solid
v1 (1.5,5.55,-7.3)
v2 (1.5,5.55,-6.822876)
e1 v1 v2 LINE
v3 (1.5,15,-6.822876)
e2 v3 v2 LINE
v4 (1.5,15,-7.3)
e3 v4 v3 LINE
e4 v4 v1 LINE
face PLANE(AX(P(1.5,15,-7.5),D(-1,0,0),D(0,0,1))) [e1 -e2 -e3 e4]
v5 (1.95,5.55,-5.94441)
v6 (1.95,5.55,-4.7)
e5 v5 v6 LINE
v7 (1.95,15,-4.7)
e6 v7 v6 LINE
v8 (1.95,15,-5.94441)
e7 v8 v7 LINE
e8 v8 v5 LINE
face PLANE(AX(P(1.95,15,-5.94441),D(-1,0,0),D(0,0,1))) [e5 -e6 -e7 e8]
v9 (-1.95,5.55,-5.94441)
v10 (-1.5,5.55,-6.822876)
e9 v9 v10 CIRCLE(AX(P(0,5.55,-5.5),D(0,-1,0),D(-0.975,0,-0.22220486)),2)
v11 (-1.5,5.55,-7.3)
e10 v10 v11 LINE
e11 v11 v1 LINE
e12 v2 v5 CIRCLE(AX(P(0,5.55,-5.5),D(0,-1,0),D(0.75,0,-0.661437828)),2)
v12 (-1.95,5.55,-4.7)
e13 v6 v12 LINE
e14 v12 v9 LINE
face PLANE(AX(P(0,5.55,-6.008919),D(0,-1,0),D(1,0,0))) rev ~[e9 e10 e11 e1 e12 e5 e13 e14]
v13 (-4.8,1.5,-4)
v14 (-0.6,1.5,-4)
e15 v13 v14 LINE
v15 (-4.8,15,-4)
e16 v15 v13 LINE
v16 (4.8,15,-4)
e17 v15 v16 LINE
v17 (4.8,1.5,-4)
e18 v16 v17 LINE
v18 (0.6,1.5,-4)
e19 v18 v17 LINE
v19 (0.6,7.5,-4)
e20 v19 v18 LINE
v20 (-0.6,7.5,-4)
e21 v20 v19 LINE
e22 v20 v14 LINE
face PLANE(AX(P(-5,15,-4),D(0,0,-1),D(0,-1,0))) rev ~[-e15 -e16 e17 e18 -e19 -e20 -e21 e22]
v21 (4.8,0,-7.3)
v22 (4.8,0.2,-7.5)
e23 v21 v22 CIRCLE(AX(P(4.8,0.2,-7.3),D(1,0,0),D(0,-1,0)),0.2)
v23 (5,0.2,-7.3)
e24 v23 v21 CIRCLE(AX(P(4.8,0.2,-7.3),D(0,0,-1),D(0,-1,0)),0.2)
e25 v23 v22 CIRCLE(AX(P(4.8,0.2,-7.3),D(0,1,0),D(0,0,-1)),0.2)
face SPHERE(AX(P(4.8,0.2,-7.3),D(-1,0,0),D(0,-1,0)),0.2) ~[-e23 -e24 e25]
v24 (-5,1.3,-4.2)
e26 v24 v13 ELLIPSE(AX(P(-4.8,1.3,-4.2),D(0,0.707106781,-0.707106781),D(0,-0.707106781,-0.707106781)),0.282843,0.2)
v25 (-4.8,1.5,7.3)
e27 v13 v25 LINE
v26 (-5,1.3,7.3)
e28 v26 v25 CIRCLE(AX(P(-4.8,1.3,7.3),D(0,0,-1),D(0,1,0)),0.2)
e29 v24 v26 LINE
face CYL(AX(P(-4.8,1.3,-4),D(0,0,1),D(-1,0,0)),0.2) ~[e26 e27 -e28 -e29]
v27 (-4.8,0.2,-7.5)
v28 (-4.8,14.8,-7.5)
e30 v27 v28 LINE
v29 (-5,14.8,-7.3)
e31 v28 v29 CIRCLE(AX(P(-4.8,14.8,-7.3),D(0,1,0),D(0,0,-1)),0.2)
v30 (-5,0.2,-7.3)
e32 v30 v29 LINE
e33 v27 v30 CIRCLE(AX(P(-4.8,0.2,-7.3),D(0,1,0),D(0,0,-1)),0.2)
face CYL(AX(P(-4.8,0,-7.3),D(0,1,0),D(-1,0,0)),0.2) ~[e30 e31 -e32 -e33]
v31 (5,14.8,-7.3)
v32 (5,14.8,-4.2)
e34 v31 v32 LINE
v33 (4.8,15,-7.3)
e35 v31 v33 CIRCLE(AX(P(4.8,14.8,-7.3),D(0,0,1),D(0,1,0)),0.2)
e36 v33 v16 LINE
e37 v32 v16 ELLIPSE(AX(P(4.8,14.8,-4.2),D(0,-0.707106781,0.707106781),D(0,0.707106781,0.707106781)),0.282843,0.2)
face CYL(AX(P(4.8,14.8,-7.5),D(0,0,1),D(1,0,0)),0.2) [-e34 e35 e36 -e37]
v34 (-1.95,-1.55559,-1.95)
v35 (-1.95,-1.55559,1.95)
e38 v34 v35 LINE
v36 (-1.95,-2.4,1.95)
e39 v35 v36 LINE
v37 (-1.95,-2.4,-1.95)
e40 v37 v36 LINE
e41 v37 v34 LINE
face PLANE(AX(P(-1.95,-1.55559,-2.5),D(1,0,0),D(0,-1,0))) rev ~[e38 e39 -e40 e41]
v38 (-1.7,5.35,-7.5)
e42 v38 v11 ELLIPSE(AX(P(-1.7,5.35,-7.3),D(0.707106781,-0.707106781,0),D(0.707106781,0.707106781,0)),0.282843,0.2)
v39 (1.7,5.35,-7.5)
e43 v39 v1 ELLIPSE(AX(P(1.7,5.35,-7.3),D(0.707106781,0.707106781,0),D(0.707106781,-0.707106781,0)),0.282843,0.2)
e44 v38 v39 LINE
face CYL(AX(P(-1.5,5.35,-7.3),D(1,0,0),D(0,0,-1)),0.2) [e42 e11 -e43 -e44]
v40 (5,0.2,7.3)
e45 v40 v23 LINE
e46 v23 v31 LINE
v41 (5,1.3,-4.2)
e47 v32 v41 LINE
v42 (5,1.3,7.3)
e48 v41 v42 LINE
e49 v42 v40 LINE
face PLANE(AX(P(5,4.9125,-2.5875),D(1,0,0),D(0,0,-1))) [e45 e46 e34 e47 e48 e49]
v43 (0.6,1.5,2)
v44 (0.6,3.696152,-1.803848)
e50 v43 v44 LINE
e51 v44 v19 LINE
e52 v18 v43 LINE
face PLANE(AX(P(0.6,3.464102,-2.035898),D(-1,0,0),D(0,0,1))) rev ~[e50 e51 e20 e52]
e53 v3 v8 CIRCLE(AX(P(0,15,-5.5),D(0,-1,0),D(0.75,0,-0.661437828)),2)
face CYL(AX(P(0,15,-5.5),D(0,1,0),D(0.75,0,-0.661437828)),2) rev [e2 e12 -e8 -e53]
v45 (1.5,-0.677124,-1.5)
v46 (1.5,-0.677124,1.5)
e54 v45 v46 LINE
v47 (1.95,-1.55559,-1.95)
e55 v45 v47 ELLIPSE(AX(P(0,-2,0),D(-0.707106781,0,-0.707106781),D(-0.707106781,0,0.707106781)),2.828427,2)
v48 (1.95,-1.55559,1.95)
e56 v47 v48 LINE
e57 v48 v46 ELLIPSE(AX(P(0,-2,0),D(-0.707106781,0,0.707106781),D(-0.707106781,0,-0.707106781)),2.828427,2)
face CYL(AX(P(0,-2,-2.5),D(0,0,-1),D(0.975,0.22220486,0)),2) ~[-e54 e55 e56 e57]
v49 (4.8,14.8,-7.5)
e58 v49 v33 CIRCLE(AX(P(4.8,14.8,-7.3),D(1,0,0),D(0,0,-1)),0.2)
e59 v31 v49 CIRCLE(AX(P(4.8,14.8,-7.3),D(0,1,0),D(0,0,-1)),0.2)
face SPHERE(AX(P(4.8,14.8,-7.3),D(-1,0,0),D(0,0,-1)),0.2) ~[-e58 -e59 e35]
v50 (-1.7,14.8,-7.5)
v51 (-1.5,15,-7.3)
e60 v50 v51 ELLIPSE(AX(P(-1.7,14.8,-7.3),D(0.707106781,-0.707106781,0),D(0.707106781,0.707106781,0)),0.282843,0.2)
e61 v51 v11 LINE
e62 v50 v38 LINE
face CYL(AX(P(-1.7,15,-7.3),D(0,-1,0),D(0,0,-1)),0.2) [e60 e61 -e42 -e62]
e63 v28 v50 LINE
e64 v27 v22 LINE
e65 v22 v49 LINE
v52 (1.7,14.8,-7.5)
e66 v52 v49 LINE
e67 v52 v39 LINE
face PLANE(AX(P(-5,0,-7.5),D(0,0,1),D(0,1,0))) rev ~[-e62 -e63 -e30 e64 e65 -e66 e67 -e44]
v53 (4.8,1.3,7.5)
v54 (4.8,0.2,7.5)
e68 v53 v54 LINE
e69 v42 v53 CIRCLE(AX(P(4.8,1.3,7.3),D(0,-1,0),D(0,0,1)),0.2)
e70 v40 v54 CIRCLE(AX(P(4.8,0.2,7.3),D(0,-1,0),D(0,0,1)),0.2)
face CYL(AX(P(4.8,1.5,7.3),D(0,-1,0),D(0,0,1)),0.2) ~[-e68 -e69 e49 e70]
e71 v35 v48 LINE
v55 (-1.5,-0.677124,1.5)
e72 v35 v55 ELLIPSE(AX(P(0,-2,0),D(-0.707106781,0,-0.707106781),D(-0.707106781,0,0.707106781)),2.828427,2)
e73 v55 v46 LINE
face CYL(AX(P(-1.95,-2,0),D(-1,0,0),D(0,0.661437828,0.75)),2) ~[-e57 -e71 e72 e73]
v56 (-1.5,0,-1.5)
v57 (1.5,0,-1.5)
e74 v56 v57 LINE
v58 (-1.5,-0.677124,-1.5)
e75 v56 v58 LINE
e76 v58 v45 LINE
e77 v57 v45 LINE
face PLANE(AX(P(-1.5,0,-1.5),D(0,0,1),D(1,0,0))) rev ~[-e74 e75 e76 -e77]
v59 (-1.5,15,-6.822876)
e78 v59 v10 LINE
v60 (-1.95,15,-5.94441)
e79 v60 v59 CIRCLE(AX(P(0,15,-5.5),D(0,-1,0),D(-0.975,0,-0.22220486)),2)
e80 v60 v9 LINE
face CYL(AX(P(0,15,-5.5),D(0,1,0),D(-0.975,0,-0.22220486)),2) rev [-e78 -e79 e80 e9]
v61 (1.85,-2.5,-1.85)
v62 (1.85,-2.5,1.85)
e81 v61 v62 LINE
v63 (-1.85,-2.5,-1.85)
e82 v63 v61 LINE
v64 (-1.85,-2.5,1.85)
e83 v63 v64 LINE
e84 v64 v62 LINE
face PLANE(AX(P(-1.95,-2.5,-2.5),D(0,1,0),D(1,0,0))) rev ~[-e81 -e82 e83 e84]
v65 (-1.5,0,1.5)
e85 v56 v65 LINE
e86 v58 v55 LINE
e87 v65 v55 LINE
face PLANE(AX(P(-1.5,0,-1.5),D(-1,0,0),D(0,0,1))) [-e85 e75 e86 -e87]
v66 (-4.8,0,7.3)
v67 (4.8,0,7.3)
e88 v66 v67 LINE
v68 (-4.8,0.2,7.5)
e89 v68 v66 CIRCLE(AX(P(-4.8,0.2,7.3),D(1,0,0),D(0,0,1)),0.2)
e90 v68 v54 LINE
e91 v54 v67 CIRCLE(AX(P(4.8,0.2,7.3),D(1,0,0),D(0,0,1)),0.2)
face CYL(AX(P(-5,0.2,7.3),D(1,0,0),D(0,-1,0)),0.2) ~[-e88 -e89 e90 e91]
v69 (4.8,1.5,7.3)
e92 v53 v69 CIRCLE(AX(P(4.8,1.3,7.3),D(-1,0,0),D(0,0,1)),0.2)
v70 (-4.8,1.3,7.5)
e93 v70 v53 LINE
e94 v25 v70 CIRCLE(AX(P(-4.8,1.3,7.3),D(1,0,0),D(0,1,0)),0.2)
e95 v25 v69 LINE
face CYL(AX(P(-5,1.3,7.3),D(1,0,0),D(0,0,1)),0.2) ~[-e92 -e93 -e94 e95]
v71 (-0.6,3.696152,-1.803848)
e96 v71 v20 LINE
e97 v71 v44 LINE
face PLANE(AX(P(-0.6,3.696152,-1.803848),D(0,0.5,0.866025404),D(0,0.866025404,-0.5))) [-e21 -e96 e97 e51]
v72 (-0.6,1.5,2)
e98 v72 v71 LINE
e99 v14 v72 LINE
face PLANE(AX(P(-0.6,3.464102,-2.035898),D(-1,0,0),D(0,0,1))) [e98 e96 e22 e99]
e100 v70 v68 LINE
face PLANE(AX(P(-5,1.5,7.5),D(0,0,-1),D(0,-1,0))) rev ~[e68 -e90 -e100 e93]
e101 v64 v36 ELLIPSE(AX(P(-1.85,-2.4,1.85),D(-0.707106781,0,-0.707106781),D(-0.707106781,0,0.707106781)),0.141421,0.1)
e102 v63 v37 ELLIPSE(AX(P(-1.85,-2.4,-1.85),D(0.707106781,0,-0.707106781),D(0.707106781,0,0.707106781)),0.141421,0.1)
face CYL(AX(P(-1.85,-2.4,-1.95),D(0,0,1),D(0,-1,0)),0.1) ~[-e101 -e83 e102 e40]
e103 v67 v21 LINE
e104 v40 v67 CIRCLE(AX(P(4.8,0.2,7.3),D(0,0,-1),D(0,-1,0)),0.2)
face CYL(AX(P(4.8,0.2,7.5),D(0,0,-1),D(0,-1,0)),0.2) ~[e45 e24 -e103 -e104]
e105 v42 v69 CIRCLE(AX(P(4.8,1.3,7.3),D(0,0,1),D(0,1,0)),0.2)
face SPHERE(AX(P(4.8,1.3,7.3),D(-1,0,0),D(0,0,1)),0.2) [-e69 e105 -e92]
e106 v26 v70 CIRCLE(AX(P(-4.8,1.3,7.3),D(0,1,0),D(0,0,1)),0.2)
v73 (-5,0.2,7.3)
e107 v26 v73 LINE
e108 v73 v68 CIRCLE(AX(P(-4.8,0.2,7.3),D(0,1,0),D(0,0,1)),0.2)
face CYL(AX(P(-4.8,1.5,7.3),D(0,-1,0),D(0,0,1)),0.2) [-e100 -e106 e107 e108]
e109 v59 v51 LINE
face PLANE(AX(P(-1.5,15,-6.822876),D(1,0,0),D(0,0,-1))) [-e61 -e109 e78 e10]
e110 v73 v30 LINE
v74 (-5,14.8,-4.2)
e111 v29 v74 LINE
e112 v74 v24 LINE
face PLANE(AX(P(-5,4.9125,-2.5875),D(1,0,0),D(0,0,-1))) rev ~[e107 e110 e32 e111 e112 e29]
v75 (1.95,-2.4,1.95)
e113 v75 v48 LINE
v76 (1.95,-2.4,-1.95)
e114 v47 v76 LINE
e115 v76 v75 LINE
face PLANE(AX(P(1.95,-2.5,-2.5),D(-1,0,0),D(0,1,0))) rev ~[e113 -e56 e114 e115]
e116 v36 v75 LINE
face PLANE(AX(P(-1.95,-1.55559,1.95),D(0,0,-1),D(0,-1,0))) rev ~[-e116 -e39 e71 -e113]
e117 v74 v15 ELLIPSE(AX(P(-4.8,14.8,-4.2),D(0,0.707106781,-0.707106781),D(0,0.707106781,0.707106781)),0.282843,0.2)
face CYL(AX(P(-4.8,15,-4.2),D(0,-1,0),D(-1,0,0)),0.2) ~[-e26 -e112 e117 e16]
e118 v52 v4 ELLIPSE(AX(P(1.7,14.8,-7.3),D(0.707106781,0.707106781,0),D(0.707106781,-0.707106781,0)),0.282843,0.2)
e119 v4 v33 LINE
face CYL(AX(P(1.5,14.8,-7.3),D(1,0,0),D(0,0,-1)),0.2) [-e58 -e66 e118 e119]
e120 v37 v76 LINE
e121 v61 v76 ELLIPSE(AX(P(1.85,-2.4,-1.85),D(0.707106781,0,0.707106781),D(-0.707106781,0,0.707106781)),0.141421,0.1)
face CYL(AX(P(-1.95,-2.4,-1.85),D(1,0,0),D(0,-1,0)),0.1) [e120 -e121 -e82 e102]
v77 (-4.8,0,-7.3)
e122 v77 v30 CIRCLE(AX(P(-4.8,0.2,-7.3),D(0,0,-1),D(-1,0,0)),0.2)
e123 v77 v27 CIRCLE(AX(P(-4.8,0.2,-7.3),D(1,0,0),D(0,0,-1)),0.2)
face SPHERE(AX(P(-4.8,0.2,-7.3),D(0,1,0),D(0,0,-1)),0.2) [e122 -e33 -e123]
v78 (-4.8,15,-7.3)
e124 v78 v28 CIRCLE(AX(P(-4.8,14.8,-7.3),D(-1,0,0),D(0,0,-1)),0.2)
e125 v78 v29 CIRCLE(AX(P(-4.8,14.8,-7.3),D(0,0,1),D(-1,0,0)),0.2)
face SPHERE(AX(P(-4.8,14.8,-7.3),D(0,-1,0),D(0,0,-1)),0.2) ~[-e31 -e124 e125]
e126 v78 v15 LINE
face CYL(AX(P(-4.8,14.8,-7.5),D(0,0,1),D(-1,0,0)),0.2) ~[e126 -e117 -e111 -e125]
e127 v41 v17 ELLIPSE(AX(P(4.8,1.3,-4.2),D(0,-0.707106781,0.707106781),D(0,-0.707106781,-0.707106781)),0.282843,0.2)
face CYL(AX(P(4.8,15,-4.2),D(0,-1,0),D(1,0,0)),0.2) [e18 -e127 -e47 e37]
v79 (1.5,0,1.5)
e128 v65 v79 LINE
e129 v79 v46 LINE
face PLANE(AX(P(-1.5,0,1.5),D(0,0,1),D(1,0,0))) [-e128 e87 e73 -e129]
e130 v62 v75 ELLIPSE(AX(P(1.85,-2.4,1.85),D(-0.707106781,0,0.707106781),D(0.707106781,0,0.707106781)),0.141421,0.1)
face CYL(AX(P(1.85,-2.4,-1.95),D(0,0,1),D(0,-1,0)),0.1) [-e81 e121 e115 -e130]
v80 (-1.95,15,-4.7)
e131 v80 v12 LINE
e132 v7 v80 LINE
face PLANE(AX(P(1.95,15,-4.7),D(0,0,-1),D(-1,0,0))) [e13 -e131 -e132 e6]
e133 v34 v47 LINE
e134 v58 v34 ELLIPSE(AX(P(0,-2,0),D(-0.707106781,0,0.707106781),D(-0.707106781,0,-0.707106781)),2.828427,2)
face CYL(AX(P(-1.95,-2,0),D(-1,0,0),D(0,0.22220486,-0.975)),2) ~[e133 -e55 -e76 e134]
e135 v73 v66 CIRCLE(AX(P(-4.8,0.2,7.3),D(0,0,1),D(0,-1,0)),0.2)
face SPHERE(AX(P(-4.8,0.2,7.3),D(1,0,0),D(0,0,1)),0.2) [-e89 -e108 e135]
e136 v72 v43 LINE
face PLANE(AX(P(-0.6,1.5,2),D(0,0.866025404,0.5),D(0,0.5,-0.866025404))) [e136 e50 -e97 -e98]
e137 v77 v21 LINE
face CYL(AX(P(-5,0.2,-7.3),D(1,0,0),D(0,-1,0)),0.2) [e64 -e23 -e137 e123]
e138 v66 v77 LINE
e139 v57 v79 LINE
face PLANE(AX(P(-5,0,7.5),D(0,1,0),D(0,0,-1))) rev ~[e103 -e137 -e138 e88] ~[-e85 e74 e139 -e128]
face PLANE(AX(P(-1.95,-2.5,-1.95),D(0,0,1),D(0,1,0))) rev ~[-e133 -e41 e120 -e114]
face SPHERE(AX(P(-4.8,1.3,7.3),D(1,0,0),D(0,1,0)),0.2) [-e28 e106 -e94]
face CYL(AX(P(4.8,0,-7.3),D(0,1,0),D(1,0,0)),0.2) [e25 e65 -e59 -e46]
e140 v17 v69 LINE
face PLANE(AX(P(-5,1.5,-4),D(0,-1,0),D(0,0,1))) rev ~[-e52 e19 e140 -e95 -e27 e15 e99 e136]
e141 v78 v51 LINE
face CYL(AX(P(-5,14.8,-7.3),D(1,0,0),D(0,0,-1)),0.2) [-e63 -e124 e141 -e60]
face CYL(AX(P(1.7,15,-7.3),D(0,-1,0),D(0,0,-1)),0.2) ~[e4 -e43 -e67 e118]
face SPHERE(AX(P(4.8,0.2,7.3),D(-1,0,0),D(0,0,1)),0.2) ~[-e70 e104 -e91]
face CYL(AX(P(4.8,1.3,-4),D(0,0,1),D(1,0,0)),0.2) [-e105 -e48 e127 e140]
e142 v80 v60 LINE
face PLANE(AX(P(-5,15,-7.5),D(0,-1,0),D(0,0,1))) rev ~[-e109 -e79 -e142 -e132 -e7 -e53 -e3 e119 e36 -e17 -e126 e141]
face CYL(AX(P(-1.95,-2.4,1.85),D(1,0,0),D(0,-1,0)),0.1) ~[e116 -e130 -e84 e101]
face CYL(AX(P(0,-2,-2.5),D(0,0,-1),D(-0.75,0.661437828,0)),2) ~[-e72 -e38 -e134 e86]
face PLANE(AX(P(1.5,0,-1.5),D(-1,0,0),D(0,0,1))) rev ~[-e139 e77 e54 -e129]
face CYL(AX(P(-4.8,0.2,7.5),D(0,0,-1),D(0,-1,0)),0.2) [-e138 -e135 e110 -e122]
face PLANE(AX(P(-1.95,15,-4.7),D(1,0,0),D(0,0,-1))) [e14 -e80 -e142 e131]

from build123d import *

# Parameters (mm, degrees)
EXTRUDE_1_DEPTH      = 5
EXTRUDE_1_DEPTH_BACK = 5
EXTRUDE_2_DEPTH      = 0.6
EXTRUDE_2_DEPTH_BACK = 0.6
SKETCH_3_W           = 3
SKETCH_3_H           = 3
EXTRUDE_3_DEPTH      = 1
EXTRUDE_4_DEPTH      = 1
EXTRUDE_4_DEPTH_BACK = 4
CUT_EXTRUDE_1_REACH  = 20.154
CUT_EXTRUDE_2_DEPTH  = 9.45
FILLET_1_R           = 0.1
FILLET_2_R           = 0.2


with BuildPart() as part:
    # 草图1 → 凸台-拉伸1 (new, two sides: drawn at the far end of the back side and taken through both)
    with BuildSketch(Plane(origin=(0, 0, 0), x_dir=(0, 0, -1), z_dir=(1, 0, 0)).offset(-EXTRUDE_1_DEPTH_BACK)):
        Polygon((-7.5, 0), (7.5, 0), (7.5, 15), (4, 15), (4, 1.5), (-7.5, 1.5), align=None)
    extrude(amount=EXTRUDE_1_DEPTH + EXTRUDE_1_DEPTH_BACK)

    # 草图2 → 凸台-拉伸2 (add, two sides: drawn at the far end of the back side and taken through both)
    with BuildSketch(Plane(origin=(0, 0, 0), x_dir=(0, 0, -1), z_dir=(1, 0, 0)).offset(-EXTRUDE_2_DEPTH_BACK)):
        Polygon((-2, 1.5), (1.803847577, 3.696152423), (4, 7.5), (4, 1.5), align=None)
    extrude(amount=EXTRUDE_2_DEPTH + EXTRUDE_2_DEPTH_BACK)

    # 草图3 → 凸台-拉伸3 (add)
    with BuildSketch(Plane.XZ):
        Rectangle(SKETCH_3_W, SKETCH_3_H)
    extrude(amount=EXTRUDE_3_DEPTH)

    # 草图4 → 凸台-拉伸4 (add, two sides: drawn at the far end of the back side and taken through both)
    with BuildSketch(Plane.XY.offset(1.5).offset(-EXTRUDE_4_DEPTH_BACK)):
        with BuildLine():
            Line((-1.95, -2.5), (1.95, -2.5))
            Line((1.95, -2.5), (1.95, -1.555590279))
            ThreePointArc((1.95, -1.555590279), (1.780042303, -1.088161527), (1.5, -0.677124344))
            Line((1.5, -0.677124344), (-1.5, -0.677124344))
            ThreePointArc((-1.5, -0.677124344), (-1.780042303, -1.088161527), (-1.95, -1.555590279))
            Line((-1.95, -1.555590279), (-1.95, -2.5))
        make_face()
    extrude(amount=EXTRUDE_4_DEPTH + EXTRUDE_4_DEPTH_BACK)

    # 草图5 → 切除-拉伸1 (cut, up to next)
    with BuildSketch(Plane.ZY.offset(1.95), mode=Mode.PRIVATE) as cut_extrude_1_sk1:
        with BuildLine():
            Line((-1.95, -2.5), (-1.95, -1.555590279))
            ThreePointArc((-1.95, -1.555590279), (-1.780042303, -1.088161527), (-1.5, -0.677124344))
            Line((-1.5, -0.677124344), (-2.5, -0.677124344))
            Line((-2.5, -0.677124344), (-2.5, -2.5))
            Line((-2.5, -2.5), (-1.95, -2.5))
        make_face()
    cut_extrude_1_tool1 = extrude(cut_extrude_1_sk1.sketch, amount=-CUT_EXTRUDE_1_REACH, mode=Mode.PRIVATE) & part.part
    # 草图5 → 切除-拉伸1 (cut, up to next)
    with BuildSketch(Plane.ZY.offset(1.95), mode=Mode.PRIVATE) as cut_extrude_1_sk2:
        with BuildLine():
            Line((2.5, -2.5), (2.5, -0.677124344))
            Line((2.5, -0.677124344), (1.5, -0.677124344))
            ThreePointArc((1.5, -0.677124344), (1.780042303, -1.088161527), (1.95, -1.555590279))
            Line((1.95, -1.555590279), (1.95, -2.5))
            Line((1.95, -2.5), (2.5, -2.5))
        make_face()
    cut_extrude_1_tool2 = extrude(cut_extrude_1_sk2.sketch, amount=-CUT_EXTRUDE_1_REACH, mode=Mode.PRIVATE) & part.part
    add(cut_extrude_1_tool1.solids().sort_by_distance((-1.95, -1.500125, -2.169375))[0], mode=Mode.SUBTRACT)
    add(cut_extrude_1_tool2.solids().sort_by_distance((-1.95, -1.500125, 2.169375))[0], mode=Mode.SUBTRACT)

    # 草图6 → 切除-拉伸2 (cut)
    with BuildSketch(Plane(origin=(0, 15, 0), x_dir=(-1, 0, 0), z_dir=(0, 1, 0))):
        with BuildLine():
            Line((1.5, -7.5), (-1.5, -7.5))
            Line((-1.5, -7.5), (-1.5, -6.822875656))
            ThreePointArc((-1.5, -6.822875656), (-1.780042303, -6.411838473), (-1.95, -5.944409721))
            Line((-1.95, -5.944409721), (-1.95, -4.7))
            Line((-1.95, -4.7), (1.95, -4.7))
            Line((1.95, -4.7), (1.95, -5.944409721))
            ThreePointArc((1.95, -5.944409721), (1.780042303, -6.411838473), (1.5, -6.822875656))
            Line((1.5, -6.822875656), (1.5, -7.5))
        make_face()
    extrude(amount=-CUT_EXTRUDE_2_DEPTH, mode=Mode.SUBTRACT)

    # 圆角1
    fillet_1_edges = [part.edges().sort_by_distance(p)[0] for p in [
        (-1.95, -2.5, 0),
        (1.95, -2.5, 0),
        (0, -2.5, -1.95),
        (0, -2.5, 1.95),
    ]]
    fillet(fillet_1_edges, radius=FILLET_1_R)

    # 圆角2
    fillet_2_edges = [part.edges().sort_by_distance(p)[0] for p in [
        (-5, 7.5, -7.5),
        (0, 1.5, 7.5),
        (-3.25, 15, -7.5),
        (0, 0, -7.5),
        (0, 0, 7.5),
        (3.25, 15, -7.5),
        (0, 5.55, -7.5),
        (-1.5, 10.275, -7.5),
        (1.5, 10.275, -7.5),
        (-5, 15, -5.75),
        (-5, 8.25, -4),
        (5, 0.75, 7.5),
        (5, 0, 0),
        (5, 7.5, -7.5),
        (5, 15, -5.75),
        (5, 8.25, -4),
        (-5, 1.5, 1.75),
        (5, 1.5, 1.75),
        (-5, 0.75, 7.5),
        (-5, 0, 0),
    ]]
    fillet(fillet_2_edges, radius=FILLET_2_R)


solid = part.part
